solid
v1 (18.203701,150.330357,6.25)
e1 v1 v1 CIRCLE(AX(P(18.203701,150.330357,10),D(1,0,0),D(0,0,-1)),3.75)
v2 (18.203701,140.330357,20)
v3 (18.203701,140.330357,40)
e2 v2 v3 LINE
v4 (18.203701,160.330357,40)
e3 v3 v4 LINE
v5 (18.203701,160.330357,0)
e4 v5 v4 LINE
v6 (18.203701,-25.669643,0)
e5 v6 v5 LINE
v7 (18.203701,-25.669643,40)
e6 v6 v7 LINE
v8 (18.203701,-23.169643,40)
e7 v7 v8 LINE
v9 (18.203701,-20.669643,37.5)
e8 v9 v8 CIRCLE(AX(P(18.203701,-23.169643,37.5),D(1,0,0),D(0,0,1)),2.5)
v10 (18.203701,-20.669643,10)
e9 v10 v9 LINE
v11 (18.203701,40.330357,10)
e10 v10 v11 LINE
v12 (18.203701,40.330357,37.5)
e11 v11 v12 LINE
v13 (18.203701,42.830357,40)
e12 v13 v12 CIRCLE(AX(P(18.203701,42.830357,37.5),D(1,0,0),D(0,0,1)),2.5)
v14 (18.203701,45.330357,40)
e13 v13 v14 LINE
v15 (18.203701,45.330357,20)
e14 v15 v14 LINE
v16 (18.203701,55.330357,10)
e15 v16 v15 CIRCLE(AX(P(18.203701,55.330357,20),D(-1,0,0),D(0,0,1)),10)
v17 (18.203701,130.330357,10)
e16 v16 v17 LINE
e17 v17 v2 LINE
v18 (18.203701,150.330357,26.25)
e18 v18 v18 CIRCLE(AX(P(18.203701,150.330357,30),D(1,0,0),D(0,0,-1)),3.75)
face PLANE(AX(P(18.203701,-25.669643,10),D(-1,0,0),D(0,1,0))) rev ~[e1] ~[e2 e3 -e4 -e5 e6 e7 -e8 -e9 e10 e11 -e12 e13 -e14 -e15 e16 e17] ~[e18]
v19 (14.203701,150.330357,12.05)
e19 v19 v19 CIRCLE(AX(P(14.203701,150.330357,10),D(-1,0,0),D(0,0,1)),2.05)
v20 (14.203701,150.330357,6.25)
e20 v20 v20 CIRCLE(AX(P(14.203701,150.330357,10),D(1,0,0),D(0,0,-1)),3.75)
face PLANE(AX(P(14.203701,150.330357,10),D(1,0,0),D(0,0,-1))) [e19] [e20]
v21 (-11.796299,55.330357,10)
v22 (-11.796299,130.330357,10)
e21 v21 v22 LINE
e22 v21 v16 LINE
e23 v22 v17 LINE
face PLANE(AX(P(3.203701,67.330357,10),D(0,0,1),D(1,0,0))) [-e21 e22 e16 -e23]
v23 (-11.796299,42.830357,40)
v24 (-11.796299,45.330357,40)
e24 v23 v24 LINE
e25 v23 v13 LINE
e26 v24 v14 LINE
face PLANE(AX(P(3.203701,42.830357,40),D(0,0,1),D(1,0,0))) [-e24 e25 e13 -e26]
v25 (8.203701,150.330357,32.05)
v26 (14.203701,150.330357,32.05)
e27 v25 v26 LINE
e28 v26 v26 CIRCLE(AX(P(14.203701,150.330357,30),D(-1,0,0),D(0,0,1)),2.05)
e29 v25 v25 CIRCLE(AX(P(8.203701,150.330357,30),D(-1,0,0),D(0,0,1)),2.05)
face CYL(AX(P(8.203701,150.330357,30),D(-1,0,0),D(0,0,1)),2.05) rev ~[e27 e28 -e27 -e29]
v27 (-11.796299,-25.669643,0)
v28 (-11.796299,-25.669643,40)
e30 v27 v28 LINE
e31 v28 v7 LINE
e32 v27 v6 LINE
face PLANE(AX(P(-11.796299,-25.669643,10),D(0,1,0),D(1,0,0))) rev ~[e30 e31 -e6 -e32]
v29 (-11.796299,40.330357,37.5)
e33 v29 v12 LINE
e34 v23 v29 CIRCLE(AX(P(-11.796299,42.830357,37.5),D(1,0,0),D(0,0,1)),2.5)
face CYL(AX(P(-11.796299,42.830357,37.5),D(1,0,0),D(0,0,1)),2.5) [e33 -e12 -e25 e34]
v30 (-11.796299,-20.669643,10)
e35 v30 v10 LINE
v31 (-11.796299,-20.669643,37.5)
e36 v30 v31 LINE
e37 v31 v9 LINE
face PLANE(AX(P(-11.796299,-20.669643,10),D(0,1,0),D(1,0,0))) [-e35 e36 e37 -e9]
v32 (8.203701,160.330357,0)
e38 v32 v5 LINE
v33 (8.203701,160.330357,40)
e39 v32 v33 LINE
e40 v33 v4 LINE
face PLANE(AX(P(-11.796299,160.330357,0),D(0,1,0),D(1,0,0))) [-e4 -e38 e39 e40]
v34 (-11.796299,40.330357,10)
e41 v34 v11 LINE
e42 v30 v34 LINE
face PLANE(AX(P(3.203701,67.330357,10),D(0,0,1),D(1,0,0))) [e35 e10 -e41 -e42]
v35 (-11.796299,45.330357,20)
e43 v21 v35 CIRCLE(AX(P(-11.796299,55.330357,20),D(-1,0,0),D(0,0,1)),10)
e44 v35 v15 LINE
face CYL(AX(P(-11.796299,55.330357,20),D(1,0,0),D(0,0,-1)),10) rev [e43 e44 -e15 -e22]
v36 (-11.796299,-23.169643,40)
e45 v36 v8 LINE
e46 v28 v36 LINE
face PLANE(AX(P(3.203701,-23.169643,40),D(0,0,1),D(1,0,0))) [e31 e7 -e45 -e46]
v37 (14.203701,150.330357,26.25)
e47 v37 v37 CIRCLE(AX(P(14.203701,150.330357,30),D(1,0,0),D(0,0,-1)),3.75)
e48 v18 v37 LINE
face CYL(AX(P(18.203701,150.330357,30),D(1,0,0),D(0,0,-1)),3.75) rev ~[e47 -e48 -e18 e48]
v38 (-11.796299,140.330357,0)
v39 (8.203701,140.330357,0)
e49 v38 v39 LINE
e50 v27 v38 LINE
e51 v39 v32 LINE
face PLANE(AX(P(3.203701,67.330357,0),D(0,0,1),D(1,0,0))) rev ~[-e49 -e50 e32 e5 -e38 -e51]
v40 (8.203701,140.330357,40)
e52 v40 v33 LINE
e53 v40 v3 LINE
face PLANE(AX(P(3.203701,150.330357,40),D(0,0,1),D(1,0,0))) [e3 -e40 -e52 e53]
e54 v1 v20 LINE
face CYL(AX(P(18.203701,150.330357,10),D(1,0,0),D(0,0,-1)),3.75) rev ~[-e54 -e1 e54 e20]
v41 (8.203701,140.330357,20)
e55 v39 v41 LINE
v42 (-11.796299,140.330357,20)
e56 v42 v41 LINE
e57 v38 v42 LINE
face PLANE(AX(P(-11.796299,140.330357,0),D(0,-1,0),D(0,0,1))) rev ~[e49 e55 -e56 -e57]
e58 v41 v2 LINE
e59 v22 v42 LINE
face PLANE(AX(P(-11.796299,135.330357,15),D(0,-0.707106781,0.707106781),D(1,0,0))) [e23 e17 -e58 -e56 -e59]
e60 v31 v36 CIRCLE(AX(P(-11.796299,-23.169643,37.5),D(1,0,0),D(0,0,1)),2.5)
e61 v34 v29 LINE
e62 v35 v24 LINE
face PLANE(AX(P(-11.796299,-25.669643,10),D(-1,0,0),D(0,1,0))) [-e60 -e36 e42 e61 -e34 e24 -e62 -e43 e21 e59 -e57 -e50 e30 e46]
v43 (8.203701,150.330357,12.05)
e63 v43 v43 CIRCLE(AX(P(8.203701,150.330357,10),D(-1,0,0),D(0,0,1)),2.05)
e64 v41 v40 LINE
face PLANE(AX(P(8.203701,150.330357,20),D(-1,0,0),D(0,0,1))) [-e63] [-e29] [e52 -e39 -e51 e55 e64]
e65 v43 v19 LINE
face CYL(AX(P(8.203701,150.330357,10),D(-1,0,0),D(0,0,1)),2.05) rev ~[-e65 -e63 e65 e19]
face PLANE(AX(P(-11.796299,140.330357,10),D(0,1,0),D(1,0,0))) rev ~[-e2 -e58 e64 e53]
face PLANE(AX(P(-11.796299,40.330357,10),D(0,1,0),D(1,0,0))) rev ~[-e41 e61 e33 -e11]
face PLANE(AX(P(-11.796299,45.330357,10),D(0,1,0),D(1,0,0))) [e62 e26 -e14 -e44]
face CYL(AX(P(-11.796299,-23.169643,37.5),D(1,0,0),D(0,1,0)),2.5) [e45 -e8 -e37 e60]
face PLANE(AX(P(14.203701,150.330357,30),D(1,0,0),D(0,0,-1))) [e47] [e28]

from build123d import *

# Parameters (mm, degrees)
SKETCH_1_W          = 30
SKETCH_1_H          = 186
EXTRUDE_1_DEPTH     = 10
SKETCH_2_W          = 30
SKETCH_2_H          = 5
SKETCH_2_H_2        = 20
EXTRUDE_2_DEPTH     = 30
FILLET_1_R          = 2.5
FILLET_4_R          = 10
CHAMFER_7_SIZE      = 10
SKETCH_3_W          = 40
SKETCH_3_H          = 20
CUT_EXTRUDE_1_DEPTH = 20
SKETCH_7_R          = 2.05
CUT_EXTRUDE_3_DEPTH = 10
SKETCH_8_R          = 3.75
CUT_EXTRUDE_4_DEPTH = 4


with BuildPart() as part:
    # 草圖1 → 填料-伸長1 (new body)
    with BuildSketch(Plane.XY):
        with Locations((3.2037008, 67.330357143)):
            Rectangle(SKETCH_1_W, SKETCH_1_H)
    extrude(amount=EXTRUDE_1_DEPTH)

    # 草圖2 → 填料-伸長2 (add)
    with BuildSketch(Plane.XY.offset(10)):
        with Locations((3.2037008, -23.169642857)):
            Rectangle(SKETCH_2_W, SKETCH_2_H)
        with Locations((3.2037008, 42.830357143)):
            Rectangle(SKETCH_2_W, SKETCH_2_H)
        with Locations((3.2037008, 150.330357143)):
            Rectangle(SKETCH_2_W, SKETCH_2_H_2)
    extrude(amount=EXTRUDE_2_DEPTH)

    # 圓角1
    fillet_1_edges = [part.edges().sort_by_distance(p)[0] for p in [
        (3.2037008, -20.669642857, 40),
        (3.2037008, 40.330357143, 40),
    ]]
    fillet(fillet_1_edges, radius=FILLET_1_R)

    # 圓角4
    fillet_4_edges = [part.edges().sort_by_distance(p)[0] for p in [
        (3.2037008, 45.330357143, 10),
    ]]
    fillet(fillet_4_edges, radius=FILLET_4_R)

    # 導角7
    chamfer_7_edges = [part.edges().sort_by_distance(p)[0] for p in [
        (3.2037008, 140.330357143, 10),
    ]]
    chamfer(chamfer_7_edges, length=CHAMFER_7_SIZE)

    # 草圖3 → 除料-伸長1 (cut)
    with BuildSketch(Plane.ZY.offset(11.7962992)):
        with Locations((20, 150.330357143)):
            Rectangle(SKETCH_3_W, SKETCH_3_H)
    extrude(amount=-CUT_EXTRUDE_1_DEPTH, mode=Mode.SUBTRACT)

    # 草圖7 → 除料-伸長3 (cut)
    with BuildSketch(Plane.ZY.offset(-8.2037008)):
        with Locations((30, 150.330357143)):
            Circle(SKETCH_7_R)
        with Locations((10, 150.330357143)):
            Circle(SKETCH_7_R)
    extrude(amount=-CUT_EXTRUDE_3_DEPTH, mode=Mode.SUBTRACT)

    # 草圖8 → 除料-伸長4 (cut)
    with BuildSketch(Plane(origin=(18.2037008, 0, 0), x_dir=(0, 0, -1), z_dir=(1, 0, 0))):
        with Locations((-30, 150.330357143)):
            Circle(SKETCH_8_R)
        with Locations((-10, 150.330357143)):
            Circle(SKETCH_8_R)
    extrude(amount=-CUT_EXTRUDE_4_DEPTH, mode=Mode.SUBTRACT)


solid = part.part
